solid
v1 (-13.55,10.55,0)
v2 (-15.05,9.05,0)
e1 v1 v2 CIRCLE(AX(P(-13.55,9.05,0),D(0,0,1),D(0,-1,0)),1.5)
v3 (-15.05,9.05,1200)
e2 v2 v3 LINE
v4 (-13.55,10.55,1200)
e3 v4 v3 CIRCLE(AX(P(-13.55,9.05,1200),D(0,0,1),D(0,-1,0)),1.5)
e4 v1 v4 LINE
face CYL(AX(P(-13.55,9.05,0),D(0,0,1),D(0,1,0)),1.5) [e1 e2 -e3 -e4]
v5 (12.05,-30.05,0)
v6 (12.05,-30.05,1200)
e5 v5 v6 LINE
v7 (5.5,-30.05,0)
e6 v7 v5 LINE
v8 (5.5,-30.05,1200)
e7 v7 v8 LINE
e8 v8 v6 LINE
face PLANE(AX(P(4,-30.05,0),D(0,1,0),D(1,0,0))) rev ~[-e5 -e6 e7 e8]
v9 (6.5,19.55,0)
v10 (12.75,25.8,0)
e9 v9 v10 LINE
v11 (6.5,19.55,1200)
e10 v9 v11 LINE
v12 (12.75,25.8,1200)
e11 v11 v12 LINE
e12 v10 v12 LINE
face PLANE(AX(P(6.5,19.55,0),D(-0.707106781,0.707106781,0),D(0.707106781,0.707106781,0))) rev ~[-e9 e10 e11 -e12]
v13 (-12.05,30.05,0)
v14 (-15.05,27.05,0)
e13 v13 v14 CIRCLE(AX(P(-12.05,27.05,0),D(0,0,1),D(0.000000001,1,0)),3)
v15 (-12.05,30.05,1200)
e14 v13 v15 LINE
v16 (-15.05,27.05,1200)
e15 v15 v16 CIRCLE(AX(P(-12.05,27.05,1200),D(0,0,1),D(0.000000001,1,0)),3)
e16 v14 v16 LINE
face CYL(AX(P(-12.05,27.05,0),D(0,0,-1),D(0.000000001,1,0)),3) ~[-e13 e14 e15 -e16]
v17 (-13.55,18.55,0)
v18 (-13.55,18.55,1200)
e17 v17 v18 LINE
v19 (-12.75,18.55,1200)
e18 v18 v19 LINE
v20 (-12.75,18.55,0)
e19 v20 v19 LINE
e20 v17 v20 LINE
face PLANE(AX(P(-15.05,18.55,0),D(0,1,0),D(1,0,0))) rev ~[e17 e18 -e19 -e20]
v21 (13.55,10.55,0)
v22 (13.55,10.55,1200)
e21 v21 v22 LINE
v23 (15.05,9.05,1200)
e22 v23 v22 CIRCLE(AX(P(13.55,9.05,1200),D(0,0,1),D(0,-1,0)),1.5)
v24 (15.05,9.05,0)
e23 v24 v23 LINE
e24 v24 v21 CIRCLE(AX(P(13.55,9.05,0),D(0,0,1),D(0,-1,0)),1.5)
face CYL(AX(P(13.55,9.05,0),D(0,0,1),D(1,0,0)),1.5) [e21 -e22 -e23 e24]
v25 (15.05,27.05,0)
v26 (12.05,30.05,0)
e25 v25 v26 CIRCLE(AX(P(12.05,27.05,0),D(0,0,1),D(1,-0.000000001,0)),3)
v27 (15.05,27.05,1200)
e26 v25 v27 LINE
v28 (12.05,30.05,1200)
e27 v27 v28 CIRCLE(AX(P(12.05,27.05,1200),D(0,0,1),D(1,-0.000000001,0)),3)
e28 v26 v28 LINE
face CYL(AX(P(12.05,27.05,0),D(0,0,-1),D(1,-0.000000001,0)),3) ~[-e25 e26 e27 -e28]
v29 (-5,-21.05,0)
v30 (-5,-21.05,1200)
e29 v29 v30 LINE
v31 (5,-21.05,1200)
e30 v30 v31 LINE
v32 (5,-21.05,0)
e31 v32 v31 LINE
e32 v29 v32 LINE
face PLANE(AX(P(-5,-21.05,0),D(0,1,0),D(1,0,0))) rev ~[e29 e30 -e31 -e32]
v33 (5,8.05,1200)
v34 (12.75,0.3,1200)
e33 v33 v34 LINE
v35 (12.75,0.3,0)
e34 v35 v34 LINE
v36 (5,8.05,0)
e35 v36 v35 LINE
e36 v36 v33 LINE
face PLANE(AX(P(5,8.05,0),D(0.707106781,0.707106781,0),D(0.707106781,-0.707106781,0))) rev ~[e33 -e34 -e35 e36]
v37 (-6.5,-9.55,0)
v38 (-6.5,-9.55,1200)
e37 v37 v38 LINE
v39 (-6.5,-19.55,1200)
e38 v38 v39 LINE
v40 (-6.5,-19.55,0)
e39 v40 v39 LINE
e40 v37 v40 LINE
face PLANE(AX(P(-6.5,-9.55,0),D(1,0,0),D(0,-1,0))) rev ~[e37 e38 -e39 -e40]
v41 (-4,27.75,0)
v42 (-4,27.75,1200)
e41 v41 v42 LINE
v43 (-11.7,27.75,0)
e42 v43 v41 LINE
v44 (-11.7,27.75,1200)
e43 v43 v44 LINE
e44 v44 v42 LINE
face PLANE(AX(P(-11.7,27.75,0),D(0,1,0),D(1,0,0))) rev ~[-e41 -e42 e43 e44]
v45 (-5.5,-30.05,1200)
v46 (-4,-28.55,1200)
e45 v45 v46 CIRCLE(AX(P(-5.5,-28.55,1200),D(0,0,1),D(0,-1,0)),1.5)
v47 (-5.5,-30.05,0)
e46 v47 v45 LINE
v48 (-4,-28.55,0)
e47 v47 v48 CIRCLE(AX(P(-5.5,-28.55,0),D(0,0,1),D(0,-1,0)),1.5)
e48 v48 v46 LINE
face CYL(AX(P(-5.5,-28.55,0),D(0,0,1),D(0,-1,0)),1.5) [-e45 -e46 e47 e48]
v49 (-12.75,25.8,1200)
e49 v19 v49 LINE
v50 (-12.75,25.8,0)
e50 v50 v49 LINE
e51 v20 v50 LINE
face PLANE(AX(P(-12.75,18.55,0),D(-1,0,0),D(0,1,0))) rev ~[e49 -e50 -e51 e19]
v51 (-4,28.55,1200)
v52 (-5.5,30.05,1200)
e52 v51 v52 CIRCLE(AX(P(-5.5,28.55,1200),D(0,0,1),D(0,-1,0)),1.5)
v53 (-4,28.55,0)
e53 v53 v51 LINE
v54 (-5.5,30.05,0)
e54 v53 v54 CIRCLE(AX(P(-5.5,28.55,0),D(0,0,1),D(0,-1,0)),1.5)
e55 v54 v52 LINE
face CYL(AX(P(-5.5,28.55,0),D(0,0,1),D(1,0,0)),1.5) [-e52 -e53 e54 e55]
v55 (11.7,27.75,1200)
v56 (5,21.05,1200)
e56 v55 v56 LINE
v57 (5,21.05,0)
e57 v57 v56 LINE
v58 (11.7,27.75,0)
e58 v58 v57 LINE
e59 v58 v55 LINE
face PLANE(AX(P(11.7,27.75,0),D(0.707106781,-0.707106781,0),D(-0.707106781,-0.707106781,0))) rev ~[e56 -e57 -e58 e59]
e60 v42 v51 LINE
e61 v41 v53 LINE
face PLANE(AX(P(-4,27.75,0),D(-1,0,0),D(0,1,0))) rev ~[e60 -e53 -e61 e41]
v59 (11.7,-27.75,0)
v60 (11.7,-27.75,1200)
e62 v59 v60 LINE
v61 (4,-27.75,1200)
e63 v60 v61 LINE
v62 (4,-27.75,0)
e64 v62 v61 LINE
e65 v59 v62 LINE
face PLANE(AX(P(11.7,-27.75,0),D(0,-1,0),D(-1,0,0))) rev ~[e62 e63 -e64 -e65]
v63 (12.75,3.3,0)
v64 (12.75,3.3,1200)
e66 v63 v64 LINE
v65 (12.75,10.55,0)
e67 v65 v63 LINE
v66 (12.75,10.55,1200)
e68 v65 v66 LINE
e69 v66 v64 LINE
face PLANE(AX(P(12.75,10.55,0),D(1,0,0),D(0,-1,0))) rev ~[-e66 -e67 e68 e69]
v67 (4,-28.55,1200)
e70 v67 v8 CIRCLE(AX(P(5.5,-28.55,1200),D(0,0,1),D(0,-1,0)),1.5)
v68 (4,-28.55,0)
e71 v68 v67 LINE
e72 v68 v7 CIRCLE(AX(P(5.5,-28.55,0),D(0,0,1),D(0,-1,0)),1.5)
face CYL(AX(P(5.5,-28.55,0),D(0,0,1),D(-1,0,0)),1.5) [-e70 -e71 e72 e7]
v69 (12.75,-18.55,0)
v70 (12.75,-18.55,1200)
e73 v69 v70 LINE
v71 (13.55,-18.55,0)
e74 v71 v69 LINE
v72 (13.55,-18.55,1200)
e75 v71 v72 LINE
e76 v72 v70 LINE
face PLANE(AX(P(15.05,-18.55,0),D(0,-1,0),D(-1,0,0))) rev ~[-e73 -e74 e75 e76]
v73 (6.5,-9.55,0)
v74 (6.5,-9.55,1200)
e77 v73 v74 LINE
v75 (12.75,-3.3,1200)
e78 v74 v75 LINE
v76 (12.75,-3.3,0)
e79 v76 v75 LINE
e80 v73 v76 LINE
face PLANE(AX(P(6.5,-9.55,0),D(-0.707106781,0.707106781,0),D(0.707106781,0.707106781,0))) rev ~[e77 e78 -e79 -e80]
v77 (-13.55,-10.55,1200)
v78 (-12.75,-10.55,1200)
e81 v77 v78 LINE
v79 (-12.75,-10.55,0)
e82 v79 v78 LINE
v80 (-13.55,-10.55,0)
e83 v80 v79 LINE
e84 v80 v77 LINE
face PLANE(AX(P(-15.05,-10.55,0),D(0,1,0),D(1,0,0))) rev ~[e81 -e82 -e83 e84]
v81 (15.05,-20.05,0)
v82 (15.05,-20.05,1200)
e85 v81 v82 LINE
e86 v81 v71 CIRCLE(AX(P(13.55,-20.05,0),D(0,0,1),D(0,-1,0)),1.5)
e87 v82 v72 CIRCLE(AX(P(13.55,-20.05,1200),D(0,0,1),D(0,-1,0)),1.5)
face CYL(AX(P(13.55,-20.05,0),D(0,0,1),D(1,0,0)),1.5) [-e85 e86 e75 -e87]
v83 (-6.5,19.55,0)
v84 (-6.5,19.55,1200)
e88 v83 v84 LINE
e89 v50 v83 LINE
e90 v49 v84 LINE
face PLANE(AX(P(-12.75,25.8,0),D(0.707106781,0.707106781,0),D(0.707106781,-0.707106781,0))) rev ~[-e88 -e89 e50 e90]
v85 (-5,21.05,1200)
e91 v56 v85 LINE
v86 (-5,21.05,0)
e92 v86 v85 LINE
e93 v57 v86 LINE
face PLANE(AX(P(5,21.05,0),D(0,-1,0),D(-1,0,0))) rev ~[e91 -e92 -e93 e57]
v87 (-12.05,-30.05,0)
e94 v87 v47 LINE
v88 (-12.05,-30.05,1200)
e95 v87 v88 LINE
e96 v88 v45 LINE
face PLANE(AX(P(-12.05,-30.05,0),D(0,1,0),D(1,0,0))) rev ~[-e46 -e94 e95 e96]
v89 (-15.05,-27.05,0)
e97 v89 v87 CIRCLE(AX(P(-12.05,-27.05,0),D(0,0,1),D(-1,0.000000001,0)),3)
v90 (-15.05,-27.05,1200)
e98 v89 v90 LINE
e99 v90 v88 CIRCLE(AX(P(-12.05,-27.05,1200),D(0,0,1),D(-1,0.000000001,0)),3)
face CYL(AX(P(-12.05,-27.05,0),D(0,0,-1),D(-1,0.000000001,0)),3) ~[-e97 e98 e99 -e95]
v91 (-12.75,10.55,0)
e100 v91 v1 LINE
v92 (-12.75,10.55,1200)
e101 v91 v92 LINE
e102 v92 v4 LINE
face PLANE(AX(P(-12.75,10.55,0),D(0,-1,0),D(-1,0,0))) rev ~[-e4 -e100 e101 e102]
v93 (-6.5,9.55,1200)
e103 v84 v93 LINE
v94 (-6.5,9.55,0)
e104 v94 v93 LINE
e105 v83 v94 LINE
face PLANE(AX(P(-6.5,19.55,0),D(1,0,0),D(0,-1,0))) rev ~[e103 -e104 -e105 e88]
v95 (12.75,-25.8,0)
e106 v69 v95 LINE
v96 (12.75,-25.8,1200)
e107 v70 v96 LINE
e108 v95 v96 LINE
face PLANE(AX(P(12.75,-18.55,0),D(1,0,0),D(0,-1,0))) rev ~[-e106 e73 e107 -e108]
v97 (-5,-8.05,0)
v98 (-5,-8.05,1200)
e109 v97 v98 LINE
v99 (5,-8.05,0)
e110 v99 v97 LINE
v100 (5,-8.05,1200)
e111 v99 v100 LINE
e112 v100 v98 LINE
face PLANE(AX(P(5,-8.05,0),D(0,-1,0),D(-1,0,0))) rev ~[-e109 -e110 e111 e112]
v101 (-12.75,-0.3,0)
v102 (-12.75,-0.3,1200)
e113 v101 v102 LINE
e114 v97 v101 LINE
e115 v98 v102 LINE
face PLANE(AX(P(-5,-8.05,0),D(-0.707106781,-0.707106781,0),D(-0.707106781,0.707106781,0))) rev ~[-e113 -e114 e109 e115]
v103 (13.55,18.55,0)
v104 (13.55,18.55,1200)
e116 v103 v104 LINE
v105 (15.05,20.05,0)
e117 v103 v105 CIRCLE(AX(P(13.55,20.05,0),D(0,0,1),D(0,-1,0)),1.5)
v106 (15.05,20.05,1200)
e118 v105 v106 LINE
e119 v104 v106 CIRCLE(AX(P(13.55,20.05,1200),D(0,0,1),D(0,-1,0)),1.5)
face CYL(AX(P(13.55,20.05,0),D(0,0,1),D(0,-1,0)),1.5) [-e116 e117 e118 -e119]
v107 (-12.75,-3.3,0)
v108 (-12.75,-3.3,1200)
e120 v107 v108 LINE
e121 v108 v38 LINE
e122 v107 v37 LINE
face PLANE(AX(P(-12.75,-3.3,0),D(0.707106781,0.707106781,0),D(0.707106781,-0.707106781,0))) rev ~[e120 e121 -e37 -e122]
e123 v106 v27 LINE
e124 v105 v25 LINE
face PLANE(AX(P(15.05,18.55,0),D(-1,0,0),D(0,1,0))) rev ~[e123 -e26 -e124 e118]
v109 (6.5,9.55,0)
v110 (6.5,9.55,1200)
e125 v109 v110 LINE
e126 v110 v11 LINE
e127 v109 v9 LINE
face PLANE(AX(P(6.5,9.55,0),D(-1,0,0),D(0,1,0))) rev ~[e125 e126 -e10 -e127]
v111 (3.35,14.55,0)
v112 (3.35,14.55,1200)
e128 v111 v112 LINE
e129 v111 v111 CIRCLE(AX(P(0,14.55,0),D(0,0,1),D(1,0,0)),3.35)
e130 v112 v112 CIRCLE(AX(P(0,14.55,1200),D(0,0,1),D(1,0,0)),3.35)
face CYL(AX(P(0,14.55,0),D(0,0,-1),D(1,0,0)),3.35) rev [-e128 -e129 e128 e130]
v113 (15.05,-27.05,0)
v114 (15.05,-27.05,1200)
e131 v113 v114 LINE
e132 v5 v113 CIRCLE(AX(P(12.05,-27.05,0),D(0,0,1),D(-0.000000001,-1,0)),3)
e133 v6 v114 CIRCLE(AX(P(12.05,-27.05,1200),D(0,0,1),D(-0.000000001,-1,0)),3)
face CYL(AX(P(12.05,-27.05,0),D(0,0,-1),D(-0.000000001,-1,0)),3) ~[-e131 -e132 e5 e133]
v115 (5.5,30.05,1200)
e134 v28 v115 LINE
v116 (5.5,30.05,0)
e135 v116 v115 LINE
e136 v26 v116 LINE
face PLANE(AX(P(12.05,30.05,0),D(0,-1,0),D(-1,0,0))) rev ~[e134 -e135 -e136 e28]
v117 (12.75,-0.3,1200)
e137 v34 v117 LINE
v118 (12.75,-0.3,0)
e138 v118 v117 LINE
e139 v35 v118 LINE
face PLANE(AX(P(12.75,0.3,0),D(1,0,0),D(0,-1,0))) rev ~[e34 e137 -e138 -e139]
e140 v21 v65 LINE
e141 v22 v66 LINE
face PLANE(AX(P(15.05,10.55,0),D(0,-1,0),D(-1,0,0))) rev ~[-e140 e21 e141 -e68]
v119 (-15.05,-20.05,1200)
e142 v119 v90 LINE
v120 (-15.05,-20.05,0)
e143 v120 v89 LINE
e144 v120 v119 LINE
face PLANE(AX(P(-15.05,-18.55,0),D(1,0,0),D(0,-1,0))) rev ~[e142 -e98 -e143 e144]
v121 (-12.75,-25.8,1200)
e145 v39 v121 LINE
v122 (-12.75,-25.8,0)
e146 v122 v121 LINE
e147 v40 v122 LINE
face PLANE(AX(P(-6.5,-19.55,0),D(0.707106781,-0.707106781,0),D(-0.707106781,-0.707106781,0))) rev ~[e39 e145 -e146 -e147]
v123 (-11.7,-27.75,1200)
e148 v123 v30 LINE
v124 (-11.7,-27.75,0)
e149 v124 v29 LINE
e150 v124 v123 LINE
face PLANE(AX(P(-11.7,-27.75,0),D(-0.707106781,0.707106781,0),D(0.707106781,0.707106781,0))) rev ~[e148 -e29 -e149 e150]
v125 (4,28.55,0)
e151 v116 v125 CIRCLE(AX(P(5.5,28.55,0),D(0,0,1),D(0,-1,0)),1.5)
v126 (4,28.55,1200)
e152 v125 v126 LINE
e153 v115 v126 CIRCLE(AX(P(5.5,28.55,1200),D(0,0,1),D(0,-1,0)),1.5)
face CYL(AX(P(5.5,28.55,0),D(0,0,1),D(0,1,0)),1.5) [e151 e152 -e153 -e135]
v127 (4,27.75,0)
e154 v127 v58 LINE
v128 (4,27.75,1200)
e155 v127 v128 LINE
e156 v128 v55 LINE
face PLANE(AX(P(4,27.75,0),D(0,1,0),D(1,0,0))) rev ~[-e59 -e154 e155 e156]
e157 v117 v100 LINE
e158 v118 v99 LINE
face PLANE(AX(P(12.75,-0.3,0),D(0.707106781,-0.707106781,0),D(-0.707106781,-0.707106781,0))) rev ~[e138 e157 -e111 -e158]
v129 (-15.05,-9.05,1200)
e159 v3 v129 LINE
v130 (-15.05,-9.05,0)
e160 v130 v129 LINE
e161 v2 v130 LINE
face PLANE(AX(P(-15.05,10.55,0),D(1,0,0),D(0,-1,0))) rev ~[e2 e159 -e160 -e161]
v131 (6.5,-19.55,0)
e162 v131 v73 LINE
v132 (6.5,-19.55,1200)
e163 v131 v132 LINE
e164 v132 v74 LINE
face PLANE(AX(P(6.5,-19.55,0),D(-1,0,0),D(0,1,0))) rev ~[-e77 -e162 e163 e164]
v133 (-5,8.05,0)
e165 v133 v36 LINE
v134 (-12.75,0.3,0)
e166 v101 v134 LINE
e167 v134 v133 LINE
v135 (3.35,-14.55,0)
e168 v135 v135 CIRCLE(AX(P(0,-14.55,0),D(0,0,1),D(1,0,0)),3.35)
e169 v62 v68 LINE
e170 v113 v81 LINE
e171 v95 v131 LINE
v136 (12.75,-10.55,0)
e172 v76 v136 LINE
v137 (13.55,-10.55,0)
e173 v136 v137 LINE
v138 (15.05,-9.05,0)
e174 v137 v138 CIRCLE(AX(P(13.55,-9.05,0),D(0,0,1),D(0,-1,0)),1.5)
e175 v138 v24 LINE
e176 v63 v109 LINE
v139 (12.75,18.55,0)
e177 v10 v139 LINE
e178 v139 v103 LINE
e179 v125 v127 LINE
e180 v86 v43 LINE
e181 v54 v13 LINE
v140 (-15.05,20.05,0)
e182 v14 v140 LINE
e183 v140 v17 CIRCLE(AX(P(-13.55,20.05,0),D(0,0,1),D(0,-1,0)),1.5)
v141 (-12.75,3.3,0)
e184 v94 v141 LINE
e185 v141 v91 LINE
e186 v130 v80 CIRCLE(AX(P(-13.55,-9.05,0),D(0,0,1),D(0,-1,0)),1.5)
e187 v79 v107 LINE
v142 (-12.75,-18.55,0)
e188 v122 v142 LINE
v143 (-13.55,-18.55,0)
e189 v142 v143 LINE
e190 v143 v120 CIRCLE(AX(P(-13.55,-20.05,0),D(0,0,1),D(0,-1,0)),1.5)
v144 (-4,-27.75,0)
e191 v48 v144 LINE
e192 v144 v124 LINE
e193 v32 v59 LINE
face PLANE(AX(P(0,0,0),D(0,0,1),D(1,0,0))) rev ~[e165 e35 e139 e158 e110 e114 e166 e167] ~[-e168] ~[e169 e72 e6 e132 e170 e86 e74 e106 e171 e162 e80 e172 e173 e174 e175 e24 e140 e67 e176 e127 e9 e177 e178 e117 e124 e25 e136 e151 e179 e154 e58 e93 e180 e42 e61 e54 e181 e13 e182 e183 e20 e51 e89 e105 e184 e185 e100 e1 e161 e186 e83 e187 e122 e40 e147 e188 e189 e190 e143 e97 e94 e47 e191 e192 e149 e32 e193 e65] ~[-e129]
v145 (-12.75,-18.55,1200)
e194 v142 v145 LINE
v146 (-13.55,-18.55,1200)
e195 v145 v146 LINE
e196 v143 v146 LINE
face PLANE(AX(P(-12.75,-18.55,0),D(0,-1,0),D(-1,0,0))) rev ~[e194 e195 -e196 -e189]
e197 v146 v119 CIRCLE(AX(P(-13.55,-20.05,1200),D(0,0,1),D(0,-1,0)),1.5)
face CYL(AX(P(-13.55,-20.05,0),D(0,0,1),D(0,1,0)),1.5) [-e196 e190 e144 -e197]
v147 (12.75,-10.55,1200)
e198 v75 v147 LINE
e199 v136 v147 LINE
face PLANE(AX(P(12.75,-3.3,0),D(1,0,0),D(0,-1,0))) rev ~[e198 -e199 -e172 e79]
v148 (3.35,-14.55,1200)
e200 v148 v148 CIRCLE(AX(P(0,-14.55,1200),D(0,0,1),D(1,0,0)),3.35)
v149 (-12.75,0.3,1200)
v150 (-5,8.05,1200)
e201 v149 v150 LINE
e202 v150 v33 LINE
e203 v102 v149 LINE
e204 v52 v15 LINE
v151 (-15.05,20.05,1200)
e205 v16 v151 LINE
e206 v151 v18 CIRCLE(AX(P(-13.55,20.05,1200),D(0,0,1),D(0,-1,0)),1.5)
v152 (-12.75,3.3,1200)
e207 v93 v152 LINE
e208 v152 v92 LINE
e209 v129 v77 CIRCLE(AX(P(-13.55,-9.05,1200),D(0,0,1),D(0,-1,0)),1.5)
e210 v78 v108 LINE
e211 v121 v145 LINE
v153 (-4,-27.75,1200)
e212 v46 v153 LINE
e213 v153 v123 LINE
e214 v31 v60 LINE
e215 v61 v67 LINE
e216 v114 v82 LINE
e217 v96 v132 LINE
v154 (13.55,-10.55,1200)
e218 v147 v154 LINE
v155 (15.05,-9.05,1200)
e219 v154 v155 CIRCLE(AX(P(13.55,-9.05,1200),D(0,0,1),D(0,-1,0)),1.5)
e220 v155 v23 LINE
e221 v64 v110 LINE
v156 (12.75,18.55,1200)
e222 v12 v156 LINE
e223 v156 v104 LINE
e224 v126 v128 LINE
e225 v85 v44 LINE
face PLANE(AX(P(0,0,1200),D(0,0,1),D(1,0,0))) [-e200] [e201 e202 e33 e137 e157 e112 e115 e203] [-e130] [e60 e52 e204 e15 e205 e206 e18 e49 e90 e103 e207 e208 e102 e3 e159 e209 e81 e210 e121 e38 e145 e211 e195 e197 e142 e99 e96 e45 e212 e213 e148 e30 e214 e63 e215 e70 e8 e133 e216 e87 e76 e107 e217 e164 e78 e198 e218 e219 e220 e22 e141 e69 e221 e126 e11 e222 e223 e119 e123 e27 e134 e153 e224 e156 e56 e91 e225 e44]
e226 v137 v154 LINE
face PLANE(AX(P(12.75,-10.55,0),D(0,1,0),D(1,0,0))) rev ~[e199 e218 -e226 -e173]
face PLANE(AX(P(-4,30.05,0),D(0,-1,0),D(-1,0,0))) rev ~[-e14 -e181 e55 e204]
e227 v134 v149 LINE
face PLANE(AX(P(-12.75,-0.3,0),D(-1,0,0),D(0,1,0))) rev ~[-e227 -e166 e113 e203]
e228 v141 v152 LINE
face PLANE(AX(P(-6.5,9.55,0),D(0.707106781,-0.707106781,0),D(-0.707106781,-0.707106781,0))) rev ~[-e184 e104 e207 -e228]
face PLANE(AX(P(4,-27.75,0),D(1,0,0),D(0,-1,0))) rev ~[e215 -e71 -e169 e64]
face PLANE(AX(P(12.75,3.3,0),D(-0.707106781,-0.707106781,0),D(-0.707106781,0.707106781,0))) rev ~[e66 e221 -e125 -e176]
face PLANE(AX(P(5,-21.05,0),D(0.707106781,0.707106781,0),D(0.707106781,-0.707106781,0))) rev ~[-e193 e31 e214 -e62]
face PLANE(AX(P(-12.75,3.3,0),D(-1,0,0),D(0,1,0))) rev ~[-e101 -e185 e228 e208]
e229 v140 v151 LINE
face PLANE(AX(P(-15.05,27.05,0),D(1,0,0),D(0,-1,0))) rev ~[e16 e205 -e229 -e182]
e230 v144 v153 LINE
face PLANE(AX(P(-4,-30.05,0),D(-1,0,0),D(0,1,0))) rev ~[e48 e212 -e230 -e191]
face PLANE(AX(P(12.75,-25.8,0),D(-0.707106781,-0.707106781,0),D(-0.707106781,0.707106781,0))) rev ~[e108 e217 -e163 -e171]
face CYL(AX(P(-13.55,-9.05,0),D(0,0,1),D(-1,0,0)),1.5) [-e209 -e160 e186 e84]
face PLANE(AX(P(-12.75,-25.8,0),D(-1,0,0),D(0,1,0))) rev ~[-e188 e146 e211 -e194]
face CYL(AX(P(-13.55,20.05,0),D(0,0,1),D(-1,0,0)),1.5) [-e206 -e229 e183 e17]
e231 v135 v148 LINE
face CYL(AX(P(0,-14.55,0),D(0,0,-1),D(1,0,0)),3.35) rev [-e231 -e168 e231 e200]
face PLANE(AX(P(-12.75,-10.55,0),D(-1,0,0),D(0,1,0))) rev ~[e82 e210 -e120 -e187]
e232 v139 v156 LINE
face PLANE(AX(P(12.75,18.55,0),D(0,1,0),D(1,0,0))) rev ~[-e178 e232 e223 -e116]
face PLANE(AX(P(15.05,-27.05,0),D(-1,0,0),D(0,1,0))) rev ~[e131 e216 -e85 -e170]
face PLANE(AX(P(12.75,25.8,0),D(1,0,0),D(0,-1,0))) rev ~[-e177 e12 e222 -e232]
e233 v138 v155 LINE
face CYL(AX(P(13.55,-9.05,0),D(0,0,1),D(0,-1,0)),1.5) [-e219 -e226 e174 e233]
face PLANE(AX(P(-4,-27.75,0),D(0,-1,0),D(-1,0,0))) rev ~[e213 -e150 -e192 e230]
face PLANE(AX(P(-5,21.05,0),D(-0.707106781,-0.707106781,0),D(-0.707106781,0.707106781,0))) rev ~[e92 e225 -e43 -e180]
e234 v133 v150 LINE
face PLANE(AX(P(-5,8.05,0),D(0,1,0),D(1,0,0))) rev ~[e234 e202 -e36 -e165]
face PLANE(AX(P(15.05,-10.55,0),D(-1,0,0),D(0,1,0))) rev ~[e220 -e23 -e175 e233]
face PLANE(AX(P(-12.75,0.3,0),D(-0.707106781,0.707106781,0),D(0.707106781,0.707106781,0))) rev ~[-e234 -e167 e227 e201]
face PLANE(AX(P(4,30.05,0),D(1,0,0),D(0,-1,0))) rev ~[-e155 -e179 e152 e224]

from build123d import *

# Parameters (mm, degrees)
CROQUIS1_R              = 3.35
SALIENTE_EXTRUIR1_DEPTH = 1200
REDONDEO1_R             = 1.5


with BuildPart() as part:
    # Croquis1 → Saliente-Extruir1 (new body)
    with BuildSketch(Plane.XY):
        with BuildLine():
            Line((-12.05, -30.05), (-4, -30.05))
            Line((-4, -30.05), (-4, -27.75))
            Line((-4, -27.75), (-11.7, -27.75))
            Line((-11.7, -27.75), (-5, -21.05))
            Line((-5, -21.05), (5, -21.05))
            Line((5, -21.05), (11.7, -27.75))
            Line((11.7, -27.75), (4, -27.75))
            Line((4, -27.75), (4, -30.05))
            Line((4, -30.05), (12.05, -30.05))
            ThreePointArc((12.05, -30.05), (14.171320344, -29.171320344), (15.05, -27.05))
            Line((15.05, -27.05), (15.05, -18.55))
            Line((15.05, -18.55), (12.75, -18.55))
            Line((12.75, -18.55), (12.75, -25.8))
            Line((12.75, -25.8), (6.5, -19.55))
            Line((6.5, -19.55), (6.5, -9.55))
            Line((6.5, -9.55), (12.75, -3.3))
            Line((12.75, -3.3), (12.75, -10.55))
            Line((12.75, -10.55), (15.05, -10.55))
            Line((15.05, -10.55), (15.05, 10.55))
            Line((15.05, 10.55), (12.75, 10.55))
            Line((12.75, 10.55), (12.75, 3.3))
            Line((12.75, 3.3), (6.5, 9.55))
            Line((6.5, 9.55), (6.5, 19.55))
            Line((6.5, 19.55), (12.75, 25.8))
            Line((12.75, 25.8), (12.75, 18.55))
            Line((12.75, 18.55), (15.05, 18.55))
            Line((15.05, 18.55), (15.05, 27.05))
            ThreePointArc((15.05, 27.05), (14.171320344, 29.171320344), (12.05, 30.05))
            Line((12.05, 30.05), (4, 30.05))
            Line((4, 30.05), (4, 27.75))
            Line((4, 27.75), (11.7, 27.75))
            Line((11.7, 27.75), (5, 21.05))
            Line((5, 21.05), (-5, 21.05))
            Line((-5, 21.05), (-11.7, 27.75))
            Line((-11.7, 27.75), (-4, 27.75))
            Line((-4, 27.75), (-4, 30.05))
            Line((-4, 30.05), (-12.05, 30.05))
            ThreePointArc((-12.05, 30.05), (-14.171320344, 29.171320344), (-15.05, 27.05))
            Line((-15.05, 27.05), (-15.05, 18.55))
            Line((-15.05, 18.55), (-12.75, 18.55))
            Line((-12.75, 18.55), (-12.75, 25.8))
            Line((-12.75, 25.8), (-6.5, 19.55))
            Line((-6.5, 19.55), (-6.5, 9.55))
            Line((-6.5, 9.55), (-12.75, 3.3))
            Line((-12.75, 3.3), (-12.75, 10.55))
            Line((-12.75, 10.55), (-15.05, 10.55))
            Line((-15.05, 10.55), (-15.05, -10.55))
            Line((-15.05, -10.55), (-12.75, -10.55))
            Line((-12.75, -10.55), (-12.75, -3.3))
            Line((-12.75, -3.3), (-6.5, -9.55))
            Line((-6.5, -9.55), (-6.5, -19.55))
            Line((-6.5, -19.55), (-12.75, -25.8))
            Line((-12.75, -25.8), (-12.75, -18.55))
            Line((-12.75, -18.55), (-15.05, -18.55))
            Line((-15.05, -18.55), (-15.05, -27.05))
            ThreePointArc((-15.05, -27.05), (-14.171320344, -29.171320344), (-12.05, -30.05))
        make_face()
        with Locations((0, 14.55)):
            Circle(CROQUIS1_R, mode=Mode.SUBTRACT)
        with Locations((0, -14.55)):
            Circle(CROQUIS1_R, mode=Mode.SUBTRACT)
        Polygon((-5, 8.05), (5, 8.05), (11.7, 1.35), (12.75, 0.3), (12.75, -0.3), (11.7, -1.35), (5, -8.05), (-5, -8.05), (-11.7, -1.35), (-12.75, -0.3), (-12.75, 0.3), (-11.7, 1.35), align=None, mode=Mode.SUBTRACT)
    extrude(amount=SALIENTE_EXTRUIR1_DEPTH)

    # Redondeo1
    redondeo1_edges = [part.edges().sort_by_distance(p)[0] for p in [
        (-4, 30.05, 600),
        (4, 30.05, 600),
        (15.05, 18.55, 600),
        (15.05, 10.55, 600),
        (15.05, -10.55, 600),
        (15.05, -18.55, 600),
        (4, -30.05, 600),
        (-4, -30.05, 600),
        (-15.05, -18.55, 600),
        (-15.05, -10.55, 600),
        (-15.05, 10.55, 600),
        (-15.05, 18.55, 600),
    ]]
    fillet(redondeo1_edges, radius=REDONDEO1_R)


solid = part.part
